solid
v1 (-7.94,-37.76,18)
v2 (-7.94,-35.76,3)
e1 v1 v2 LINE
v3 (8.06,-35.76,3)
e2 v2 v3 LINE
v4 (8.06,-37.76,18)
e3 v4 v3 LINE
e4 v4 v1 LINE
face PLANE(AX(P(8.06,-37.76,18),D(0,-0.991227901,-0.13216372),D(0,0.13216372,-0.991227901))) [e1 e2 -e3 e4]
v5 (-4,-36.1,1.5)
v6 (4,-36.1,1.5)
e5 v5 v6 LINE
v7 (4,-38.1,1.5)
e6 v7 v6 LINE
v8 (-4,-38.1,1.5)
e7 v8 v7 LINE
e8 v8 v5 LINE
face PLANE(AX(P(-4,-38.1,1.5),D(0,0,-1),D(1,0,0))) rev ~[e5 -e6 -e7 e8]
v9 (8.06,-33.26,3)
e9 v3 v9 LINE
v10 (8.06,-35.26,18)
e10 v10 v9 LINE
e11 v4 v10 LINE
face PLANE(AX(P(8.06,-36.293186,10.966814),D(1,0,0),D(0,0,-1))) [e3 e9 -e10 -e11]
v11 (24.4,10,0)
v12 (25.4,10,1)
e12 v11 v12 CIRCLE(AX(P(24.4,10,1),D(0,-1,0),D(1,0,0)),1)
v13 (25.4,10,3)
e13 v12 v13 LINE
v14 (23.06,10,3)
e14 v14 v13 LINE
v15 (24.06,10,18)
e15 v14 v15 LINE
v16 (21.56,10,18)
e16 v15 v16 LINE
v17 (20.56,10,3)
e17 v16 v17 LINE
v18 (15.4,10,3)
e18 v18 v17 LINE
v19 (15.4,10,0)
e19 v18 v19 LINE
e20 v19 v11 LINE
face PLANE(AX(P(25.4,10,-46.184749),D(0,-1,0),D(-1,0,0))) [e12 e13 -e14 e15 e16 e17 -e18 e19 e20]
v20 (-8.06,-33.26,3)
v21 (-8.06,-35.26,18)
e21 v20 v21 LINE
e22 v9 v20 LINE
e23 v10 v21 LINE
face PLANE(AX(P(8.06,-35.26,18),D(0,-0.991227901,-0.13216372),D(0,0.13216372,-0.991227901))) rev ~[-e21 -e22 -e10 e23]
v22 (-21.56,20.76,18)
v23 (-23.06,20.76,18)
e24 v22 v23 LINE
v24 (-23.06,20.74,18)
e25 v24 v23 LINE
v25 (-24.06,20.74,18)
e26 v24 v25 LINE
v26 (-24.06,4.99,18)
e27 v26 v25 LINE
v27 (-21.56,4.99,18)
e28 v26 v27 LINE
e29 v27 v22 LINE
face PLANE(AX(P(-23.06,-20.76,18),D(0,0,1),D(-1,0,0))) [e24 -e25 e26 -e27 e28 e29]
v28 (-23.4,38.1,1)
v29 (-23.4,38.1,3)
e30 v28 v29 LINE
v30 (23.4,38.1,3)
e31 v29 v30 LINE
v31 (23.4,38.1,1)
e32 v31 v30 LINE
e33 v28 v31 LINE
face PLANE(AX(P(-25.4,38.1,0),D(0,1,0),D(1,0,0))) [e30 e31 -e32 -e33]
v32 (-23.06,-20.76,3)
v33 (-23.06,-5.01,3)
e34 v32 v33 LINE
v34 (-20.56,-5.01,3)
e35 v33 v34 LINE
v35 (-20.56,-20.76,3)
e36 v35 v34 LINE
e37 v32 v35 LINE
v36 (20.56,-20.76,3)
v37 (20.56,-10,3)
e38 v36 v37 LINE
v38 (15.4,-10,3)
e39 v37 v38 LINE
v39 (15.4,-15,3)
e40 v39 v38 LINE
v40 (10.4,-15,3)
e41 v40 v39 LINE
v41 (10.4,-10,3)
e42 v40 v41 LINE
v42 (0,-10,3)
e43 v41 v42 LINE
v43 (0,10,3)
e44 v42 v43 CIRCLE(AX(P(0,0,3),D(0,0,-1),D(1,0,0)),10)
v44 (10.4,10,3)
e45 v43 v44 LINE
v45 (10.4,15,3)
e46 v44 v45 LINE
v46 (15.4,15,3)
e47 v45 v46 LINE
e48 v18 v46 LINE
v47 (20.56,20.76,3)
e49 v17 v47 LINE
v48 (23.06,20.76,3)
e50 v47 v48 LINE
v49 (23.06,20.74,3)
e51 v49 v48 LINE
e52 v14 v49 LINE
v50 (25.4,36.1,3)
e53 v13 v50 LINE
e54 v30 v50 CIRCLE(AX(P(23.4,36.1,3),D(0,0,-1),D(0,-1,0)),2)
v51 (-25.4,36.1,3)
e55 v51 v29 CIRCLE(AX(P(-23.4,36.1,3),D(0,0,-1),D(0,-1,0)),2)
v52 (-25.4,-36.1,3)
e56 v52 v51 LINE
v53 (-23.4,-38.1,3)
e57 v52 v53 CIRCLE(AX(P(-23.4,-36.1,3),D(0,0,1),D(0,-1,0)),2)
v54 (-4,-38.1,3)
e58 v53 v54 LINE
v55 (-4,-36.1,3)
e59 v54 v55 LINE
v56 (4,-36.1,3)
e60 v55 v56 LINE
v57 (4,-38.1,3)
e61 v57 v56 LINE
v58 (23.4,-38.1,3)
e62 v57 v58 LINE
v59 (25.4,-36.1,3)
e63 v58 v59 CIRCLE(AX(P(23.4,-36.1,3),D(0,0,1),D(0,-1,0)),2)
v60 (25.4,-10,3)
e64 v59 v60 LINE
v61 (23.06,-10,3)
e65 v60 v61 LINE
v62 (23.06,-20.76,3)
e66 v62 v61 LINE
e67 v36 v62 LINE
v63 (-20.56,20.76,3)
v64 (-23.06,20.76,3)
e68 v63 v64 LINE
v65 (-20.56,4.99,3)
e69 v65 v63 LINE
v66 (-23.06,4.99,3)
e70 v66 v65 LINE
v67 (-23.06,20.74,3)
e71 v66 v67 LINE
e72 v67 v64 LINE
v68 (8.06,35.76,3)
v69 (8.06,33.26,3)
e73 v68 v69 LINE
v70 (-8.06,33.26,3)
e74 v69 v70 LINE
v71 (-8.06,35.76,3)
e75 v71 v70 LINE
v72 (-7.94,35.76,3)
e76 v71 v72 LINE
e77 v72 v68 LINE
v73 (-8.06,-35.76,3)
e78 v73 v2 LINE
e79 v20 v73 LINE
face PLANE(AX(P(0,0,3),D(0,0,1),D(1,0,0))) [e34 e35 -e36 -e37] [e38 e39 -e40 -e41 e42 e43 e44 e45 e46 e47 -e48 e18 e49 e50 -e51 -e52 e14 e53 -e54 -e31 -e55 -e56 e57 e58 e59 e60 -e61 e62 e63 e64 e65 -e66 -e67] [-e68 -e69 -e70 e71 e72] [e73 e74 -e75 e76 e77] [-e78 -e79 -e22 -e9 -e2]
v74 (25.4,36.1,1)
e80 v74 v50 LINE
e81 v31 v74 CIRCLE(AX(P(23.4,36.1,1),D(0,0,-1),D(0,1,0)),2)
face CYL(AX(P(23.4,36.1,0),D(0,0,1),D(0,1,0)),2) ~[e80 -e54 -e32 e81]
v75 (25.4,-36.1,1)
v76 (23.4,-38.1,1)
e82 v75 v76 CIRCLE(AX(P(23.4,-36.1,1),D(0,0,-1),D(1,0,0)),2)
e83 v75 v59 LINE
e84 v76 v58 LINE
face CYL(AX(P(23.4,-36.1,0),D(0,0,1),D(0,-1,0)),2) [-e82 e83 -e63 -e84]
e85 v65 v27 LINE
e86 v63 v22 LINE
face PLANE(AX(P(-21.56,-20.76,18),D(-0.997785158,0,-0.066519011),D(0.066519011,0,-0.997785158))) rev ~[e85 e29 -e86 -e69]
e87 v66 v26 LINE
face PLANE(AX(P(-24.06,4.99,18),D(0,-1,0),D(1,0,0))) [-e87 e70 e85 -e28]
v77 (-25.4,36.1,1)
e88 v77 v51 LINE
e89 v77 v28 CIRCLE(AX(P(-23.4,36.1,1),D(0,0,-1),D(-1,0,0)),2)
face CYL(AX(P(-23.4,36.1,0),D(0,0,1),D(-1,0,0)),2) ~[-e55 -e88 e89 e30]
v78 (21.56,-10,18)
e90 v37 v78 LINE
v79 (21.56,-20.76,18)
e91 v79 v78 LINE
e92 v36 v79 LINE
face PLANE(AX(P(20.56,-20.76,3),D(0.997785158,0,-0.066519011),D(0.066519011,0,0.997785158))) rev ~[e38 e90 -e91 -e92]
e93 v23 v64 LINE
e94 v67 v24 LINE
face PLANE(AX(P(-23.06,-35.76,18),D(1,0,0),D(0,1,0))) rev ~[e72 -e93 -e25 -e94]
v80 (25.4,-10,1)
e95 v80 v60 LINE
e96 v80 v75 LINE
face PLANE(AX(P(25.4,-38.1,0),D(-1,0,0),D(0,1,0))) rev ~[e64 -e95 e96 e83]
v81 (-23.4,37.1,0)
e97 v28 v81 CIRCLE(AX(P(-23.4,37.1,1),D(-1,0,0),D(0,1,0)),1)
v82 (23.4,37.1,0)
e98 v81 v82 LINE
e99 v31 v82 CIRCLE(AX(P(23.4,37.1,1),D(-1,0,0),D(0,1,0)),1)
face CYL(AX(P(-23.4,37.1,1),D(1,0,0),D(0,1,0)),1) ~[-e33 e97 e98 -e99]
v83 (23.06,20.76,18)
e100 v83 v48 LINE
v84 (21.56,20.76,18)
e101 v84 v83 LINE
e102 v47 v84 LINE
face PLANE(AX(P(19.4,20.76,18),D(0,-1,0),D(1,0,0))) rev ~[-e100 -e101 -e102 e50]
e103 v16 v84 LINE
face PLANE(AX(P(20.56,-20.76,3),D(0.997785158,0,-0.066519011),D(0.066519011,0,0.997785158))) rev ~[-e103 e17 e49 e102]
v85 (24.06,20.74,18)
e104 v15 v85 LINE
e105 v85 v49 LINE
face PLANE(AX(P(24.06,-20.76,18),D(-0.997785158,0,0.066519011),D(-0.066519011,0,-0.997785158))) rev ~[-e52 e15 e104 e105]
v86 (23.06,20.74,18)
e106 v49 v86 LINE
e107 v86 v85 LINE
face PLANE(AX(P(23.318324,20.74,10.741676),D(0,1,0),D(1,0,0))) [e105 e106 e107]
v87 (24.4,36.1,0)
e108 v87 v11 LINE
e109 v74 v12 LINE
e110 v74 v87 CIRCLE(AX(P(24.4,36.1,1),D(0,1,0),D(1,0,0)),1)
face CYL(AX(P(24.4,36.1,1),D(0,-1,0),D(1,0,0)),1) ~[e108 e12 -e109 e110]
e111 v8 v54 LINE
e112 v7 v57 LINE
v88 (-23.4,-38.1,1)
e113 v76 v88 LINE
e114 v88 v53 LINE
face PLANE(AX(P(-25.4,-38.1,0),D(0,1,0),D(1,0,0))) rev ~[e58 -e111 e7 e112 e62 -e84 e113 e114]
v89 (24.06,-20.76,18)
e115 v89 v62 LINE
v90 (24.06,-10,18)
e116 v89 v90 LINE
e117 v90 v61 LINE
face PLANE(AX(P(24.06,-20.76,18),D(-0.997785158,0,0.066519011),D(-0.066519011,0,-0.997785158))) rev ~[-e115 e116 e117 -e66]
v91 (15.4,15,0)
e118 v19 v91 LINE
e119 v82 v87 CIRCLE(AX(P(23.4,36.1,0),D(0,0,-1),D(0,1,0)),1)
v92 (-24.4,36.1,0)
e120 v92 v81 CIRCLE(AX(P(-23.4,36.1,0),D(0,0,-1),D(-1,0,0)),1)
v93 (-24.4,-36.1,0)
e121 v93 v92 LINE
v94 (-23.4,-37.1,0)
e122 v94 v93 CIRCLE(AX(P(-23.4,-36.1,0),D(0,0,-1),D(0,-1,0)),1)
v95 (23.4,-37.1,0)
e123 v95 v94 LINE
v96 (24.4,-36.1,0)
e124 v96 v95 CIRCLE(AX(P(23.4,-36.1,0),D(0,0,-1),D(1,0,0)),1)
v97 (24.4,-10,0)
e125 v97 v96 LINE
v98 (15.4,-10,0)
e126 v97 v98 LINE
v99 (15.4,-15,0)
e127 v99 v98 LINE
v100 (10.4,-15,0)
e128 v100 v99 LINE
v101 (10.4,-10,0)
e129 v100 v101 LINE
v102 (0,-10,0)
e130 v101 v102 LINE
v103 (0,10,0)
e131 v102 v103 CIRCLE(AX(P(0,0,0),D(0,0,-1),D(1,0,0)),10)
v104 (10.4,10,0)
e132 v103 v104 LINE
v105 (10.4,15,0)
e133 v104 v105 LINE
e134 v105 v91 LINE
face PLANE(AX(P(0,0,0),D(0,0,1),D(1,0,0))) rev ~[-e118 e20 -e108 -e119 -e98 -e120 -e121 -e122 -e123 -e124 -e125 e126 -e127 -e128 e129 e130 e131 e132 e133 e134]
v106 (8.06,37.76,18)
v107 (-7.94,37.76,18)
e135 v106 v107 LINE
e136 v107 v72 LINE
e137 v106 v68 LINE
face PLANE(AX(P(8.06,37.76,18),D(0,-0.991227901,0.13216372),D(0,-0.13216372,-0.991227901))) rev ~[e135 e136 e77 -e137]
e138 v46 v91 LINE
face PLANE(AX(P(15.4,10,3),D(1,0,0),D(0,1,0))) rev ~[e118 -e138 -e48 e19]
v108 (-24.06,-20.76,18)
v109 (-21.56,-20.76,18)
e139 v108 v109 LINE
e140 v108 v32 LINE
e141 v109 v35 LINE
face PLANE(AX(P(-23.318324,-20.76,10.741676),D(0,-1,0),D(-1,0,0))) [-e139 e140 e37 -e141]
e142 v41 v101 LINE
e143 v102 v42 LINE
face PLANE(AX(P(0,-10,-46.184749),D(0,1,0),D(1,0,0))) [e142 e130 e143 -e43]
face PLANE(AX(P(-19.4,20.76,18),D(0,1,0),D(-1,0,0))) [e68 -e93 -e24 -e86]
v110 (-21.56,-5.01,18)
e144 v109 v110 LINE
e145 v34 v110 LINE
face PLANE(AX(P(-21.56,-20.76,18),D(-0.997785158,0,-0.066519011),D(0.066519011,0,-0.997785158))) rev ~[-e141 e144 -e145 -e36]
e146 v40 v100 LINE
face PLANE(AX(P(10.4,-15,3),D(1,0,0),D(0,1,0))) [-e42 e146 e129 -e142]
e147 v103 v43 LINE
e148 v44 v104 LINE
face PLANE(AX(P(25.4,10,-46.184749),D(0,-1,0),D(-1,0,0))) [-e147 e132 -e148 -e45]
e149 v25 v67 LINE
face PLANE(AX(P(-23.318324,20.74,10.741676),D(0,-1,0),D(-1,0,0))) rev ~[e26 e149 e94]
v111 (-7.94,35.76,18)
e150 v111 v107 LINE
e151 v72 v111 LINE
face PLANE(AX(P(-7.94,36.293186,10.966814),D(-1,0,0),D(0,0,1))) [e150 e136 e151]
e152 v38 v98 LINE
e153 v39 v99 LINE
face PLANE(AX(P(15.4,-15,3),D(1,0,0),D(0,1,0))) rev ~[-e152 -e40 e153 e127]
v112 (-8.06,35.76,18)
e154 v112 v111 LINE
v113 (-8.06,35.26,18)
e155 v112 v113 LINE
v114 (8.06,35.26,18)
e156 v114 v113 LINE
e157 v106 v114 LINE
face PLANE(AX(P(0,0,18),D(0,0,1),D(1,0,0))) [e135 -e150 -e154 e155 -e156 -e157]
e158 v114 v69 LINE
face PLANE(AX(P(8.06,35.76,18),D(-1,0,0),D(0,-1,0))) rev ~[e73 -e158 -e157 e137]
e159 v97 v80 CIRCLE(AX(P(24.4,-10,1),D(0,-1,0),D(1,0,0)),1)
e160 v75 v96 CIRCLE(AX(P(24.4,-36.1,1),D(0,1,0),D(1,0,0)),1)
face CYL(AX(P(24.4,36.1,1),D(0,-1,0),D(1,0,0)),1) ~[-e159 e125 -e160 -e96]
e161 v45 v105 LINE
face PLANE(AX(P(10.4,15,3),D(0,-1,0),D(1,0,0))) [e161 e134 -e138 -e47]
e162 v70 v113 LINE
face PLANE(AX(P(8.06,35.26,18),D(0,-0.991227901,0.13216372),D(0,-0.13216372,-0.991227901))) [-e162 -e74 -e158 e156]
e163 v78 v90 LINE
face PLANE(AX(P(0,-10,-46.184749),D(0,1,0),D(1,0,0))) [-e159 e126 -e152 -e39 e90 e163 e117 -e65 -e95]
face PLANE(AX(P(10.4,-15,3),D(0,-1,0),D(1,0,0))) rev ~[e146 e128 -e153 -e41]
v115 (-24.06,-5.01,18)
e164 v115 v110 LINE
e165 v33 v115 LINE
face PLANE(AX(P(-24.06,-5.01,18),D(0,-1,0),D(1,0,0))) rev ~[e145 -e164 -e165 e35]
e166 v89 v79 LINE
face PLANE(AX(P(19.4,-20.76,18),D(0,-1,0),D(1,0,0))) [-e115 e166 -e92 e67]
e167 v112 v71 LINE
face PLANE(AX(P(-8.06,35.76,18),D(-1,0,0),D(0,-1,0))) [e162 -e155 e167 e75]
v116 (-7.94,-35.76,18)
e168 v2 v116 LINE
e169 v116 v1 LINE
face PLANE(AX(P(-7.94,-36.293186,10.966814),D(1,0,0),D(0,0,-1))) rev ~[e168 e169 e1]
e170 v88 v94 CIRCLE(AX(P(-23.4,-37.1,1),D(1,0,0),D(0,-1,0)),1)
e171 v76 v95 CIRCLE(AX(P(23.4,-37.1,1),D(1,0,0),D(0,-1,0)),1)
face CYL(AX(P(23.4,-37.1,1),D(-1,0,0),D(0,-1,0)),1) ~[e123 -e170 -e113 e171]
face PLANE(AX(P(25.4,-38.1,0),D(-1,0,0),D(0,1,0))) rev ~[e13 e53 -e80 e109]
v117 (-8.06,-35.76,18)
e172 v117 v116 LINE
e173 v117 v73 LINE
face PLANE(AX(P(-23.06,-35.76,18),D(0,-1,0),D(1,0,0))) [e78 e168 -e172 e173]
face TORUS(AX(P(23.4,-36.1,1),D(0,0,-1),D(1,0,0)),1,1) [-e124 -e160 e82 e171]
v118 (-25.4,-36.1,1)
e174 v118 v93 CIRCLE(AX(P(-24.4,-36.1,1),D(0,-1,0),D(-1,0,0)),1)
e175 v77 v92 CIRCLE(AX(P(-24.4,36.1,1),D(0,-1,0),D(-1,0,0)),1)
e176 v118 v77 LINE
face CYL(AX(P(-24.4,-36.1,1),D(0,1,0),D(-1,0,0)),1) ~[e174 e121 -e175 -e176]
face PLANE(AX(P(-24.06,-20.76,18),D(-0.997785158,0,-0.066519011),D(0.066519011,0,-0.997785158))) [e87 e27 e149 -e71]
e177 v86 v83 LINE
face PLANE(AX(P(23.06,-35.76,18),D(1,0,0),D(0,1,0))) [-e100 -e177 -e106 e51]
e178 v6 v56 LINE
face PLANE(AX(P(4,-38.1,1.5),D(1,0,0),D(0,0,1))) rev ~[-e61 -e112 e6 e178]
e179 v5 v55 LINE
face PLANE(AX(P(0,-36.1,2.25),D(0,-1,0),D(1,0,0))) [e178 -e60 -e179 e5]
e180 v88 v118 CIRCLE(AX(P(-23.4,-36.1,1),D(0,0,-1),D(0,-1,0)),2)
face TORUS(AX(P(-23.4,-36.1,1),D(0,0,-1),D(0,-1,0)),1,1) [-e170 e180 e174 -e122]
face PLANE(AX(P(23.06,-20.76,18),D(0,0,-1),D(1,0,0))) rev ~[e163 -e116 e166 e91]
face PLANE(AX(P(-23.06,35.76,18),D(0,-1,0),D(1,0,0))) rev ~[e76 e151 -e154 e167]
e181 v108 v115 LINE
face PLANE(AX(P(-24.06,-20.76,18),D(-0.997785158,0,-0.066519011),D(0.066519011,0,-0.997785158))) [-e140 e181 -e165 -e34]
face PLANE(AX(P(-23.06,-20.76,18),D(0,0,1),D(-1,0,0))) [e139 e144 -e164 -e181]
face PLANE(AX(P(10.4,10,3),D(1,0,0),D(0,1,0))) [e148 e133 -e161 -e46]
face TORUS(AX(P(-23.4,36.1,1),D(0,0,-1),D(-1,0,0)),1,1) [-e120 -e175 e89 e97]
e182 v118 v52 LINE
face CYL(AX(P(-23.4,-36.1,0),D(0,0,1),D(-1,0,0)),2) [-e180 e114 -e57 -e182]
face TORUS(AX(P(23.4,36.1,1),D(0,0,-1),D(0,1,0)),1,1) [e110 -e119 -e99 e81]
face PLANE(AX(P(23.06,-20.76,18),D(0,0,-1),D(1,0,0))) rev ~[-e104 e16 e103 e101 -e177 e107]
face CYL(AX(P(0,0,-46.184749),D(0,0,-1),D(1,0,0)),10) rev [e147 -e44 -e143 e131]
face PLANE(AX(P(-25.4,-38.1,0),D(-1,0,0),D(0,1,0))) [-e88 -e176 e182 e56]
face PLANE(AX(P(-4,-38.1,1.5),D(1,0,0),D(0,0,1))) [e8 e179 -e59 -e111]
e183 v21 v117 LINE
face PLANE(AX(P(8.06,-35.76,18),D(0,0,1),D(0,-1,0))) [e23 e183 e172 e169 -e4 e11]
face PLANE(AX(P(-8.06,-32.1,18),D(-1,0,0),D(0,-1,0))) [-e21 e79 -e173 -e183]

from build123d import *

# Parameters (mm, degrees)
CROQUIS1_W                  = 50.8
CROQUIS1_H                  = 76.2
SALIENTE_EXTRUIR1_DEPTH     = 18
CROQUIS2_W                  = 50.8
CROQUIS2_H                  = 76.2
CROQUIS2_W_2                = 46.12
CROQUIS2_H_2                = 71.52
CROQUIS2_W_3                = 38.8
CROQUIS2_H_3                = 64.2
CORTAR_EXTRUIR1_DEPTH       = 15
CORTAR_EXTRUIR8_DEPTH       = 15
SALIENTE_EXTRUIR3_DEPTH     = 41.5
CORTAR_EXTRUIR9_DEPTH       = 51.5
CORTAR_EXTRUIR10_DEPTH      = 51.5
SALIENTE_EXTRUIR4_DEPTH     = 16
CORTAR_EXTRUIR11_DEPTH      = 16.5
REDONDEO3_R                 = 2
REDONDEO4_R                 = 1
CROQUIS15_W                 = 48.12
CROQUIS15_H                 = 10
CORTAR_EXTRUIR12_DEPTH      = 15
CROQUIS16_W                 = 8
CROQUIS16_H                 = 1.5
CORTAR_EXTRUIR13_DEPTH      = 2
CORTAR_EXTRUIR16_DEPTH      = 49.184748624
CORTAR_EXTRUIR16_DEPTH_BACK = 49.184748624
CROQUIS18_R                 = 10
CROQUIS18_W                 = 2.5
CROQUIS18_H                 = 4.99
CROQUIS18_H_2               = 5.01
CROQUIS19_W                 = 5
CROQUIS19_H                 = 5
CORTAR_EXTRUIR17_DEPTH      = 49.184748624


with BuildPart() as part:
    # Croquis1 → Saliente-Extruir1 (new body)
    with BuildSketch(Plane.XY):
        Rectangle(CROQUIS1_W, CROQUIS1_H)
    extrude(amount=SALIENTE_EXTRUIR1_DEPTH)

    # Croquis2 → Cortar-Extruir1 (cut)
    # profile 1 of 2: a face of its own
    with BuildSketch(Plane.XY.offset(18)):
        Rectangle(CROQUIS2_W, CROQUIS2_H)
        Rectangle(CROQUIS2_W_2, CROQUIS2_H_2, mode=Mode.SUBTRACT)
    # profile 2 of 2: a face of its own
    with BuildSketch(Plane.XY.offset(18)):
        Rectangle(CROQUIS2_W_3, CROQUIS2_H_3)
    extrude(amount=-CORTAR_EXTRUIR1_DEPTH, mode=Mode.SUBTRACT)

    # Croquis6 → Cortar-Extruir8 (cut)
    with BuildSketch(Plane.XY.offset(18)):
        Polygon((-23.06, 35.76), (-8.06, 35.76), (-8.06, 32.1), (-19.4, 32.1), (-19.4, 20.76), (-23.06, 20.76), align=None)
        Polygon((23.06, 35.76), (8.06, 35.76), (8.06, 32.1), (19.4, 32.1), (19.4, 20.76), (23.06, 20.76), align=None)
        Polygon((-23.06, -35.76), (-23.06, -20.76), (-19.4, -20.76), (-19.4, -32.1), (-8.06, -32.1), (-8.06, -35.76), align=None)
        Polygon((23.06, -35.76), (8.06, -35.76), (8.06, -32.1), (19.4, -32.1), (19.4, -20.76), (23.06, -20.76), align=None)
    extrude(amount=-CORTAR_EXTRUIR8_DEPTH, mode=Mode.SUBTRACT)

    # Croquis10 → Saliente-Extruir3 (add)
    with BuildSketch(Plane(origin=(0, -20.76, 0), x_dir=(-1, 0, 0), z_dir=(0, -1, 0))):
        Polygon((23.06, -18), (24.06, -18), (23.06, -3), align=None)
        Polygon((-23.06, -18), (-24.06, -18), (-23.06, -3), align=None)
    extrude(amount=-SALIENTE_EXTRUIR3_DEPTH)

    # Croquis11 → Cortar-Extruir9 (cut)
    with BuildSketch(Plane.XZ.offset(20.76)):
        Polygon((-19.4, 18), (-21.56, 18), (-20.56, 3), (-19.4, 3), align=None)
    extrude(amount=-CORTAR_EXTRUIR9_DEPTH, mode=Mode.SUBTRACT)

    # Croquis12 → Cortar-Extruir10 (cut)
    with BuildSketch(Plane.XZ.offset(20.76)):
        Polygon((19.4, 18), (19.4, 3), (20.56, 3), (21.56, 18), align=None)
    extrude(amount=-CORTAR_EXTRUIR10_DEPTH, mode=Mode.SUBTRACT)

    # Croquis13 → Saliente-Extruir4 (add)
    with BuildSketch(Plane(origin=(8.06, 0, 0), x_dir=(0, 0, -1), z_dir=(1, 0, 0))):
        Polygon((-18, -35.76), (-18, -37.76), (-3, -35.76), align=None)
        Polygon((-18, 35.76), (-18, 37.76), (-3, 35.76), align=None)
    extrude(amount=-SALIENTE_EXTRUIR4_DEPTH)

    # Croquis14 → Cortar-Extruir11 (cut)
    with BuildSketch(Plane(origin=(8.06, 0, 0), x_dir=(0, 0, -1), z_dir=(1, 0, 0))):
        Polygon((-3, -32.1), (-18, -32.1), (-18, -35.26), (-3, -33.26), align=None)
        Polygon((-18, 32.1), (-18, 35.26), (-3, 33.26), (-3, 32.1), align=None)
    extrude(amount=-CORTAR_EXTRUIR11_DEPTH, mode=Mode.SUBTRACT)

    # Redondeo3
    redondeo3_edges = [part.edges().sort_by_distance(p)[0] for p in [
        (-25.4, 38.1, 1.5),
        (25.4, 38.1, 1.5),
        (25.4, -38.1, 1.5),
        (-25.4, -38.1, 1.5),
    ]]
    fillet(redondeo3_edges, radius=REDONDEO3_R)

    # Redondeo4
    redondeo4_edges = [part.edges().sort_by_distance(p)[0] for p in [
        (0, 38.1, 0),
        (-25.4, 0, 0),
        (25.4, 0, 0),
        (0, -38.1, 0),
        (24.814213562, -37.514213562, 0),
        (-24.814213562, -37.514213562, 0),
        (-24.814213562, 37.514213562, 0),
        (24.814213562, 37.514213562, 0),
    ]]
    fillet(redondeo4_edges, radius=REDONDEO4_R)

    # Croquis15 → Cortar-Extruir12 (cut)
    with BuildSketch(Plane.XY.offset(18)):
        with Locations((0, -0.01)):
            Rectangle(CROQUIS15_W, CROQUIS15_H)
    extrude(amount=-CORTAR_EXTRUIR12_DEPTH, mode=Mode.SUBTRACT)

    # Croquis16 → Cortar-Extruir13 (cut)
    with BuildSketch(Plane.XZ.offset(38.1)):
        with Locations((0, 2.25)):
            Rectangle(CROQUIS16_W, CROQUIS16_H)
    extrude(amount=-CORTAR_EXTRUIR13_DEPTH, mode=Mode.SUBTRACT)

    # Croquis18 → Cortar-Extruir16 (cut, two sides: drawn at the far end of the back side and taken through both)
    with BuildSketch(Plane.XY.offset(3).offset(-CORTAR_EXTRUIR16_DEPTH_BACK)):
        Circle(CROQUIS18_R)
        with Locations((21.81, -7.505)):
            Rectangle(CROQUIS18_W, CROQUIS18_H)
        with Locations((21.81, 7.495)):
            Rectangle(CROQUIS18_W, CROQUIS18_H_2)
        with BuildLine():
            Line((20.56, 10), (0, 10))
            ThreePointArc((0, 10), (7.071067812, 7.071067812), (10, 0))
            ThreePointArc((10, 0), (7.071067812, -7.071067812), (0, -10))
            Line((0, -10), (20.56, -10))
            Line((20.56, -10), (20.56, -5.01))
            Line((20.56, -5.01), (23.06, -5.01))
            Line((23.06, -5.01), (23.06, -10))
            Line((23.06, -10), (25.4, -10))
            Line((25.4, -10), (25.4, 10))
            Line((25.4, 10), (23.06, 10))
            Line((23.06, 10), (23.06, 4.99))
            Line((23.06, 4.99), (20.56, 4.99))
            Line((20.56, 4.99), (20.56, 10))
        make_face()
    extrude(amount=CORTAR_EXTRUIR16_DEPTH + CORTAR_EXTRUIR16_DEPTH_BACK, mode=Mode.SUBTRACT)

    # Croquis19 → Cortar-Extruir17 (cut, through all)
    with BuildSketch(Plane.XY.offset(3)):
        with Locations((12.9, 12.5)):
            Rectangle(CROQUIS19_W, CROQUIS19_H)
        with Locations((12.9, -12.5)):
            Rectangle(CROQUIS19_W, CROQUIS19_H)
    extrude(amount=-CORTAR_EXTRUIR17_DEPTH, mode=Mode.SUBTRACT)


solid = part.part
